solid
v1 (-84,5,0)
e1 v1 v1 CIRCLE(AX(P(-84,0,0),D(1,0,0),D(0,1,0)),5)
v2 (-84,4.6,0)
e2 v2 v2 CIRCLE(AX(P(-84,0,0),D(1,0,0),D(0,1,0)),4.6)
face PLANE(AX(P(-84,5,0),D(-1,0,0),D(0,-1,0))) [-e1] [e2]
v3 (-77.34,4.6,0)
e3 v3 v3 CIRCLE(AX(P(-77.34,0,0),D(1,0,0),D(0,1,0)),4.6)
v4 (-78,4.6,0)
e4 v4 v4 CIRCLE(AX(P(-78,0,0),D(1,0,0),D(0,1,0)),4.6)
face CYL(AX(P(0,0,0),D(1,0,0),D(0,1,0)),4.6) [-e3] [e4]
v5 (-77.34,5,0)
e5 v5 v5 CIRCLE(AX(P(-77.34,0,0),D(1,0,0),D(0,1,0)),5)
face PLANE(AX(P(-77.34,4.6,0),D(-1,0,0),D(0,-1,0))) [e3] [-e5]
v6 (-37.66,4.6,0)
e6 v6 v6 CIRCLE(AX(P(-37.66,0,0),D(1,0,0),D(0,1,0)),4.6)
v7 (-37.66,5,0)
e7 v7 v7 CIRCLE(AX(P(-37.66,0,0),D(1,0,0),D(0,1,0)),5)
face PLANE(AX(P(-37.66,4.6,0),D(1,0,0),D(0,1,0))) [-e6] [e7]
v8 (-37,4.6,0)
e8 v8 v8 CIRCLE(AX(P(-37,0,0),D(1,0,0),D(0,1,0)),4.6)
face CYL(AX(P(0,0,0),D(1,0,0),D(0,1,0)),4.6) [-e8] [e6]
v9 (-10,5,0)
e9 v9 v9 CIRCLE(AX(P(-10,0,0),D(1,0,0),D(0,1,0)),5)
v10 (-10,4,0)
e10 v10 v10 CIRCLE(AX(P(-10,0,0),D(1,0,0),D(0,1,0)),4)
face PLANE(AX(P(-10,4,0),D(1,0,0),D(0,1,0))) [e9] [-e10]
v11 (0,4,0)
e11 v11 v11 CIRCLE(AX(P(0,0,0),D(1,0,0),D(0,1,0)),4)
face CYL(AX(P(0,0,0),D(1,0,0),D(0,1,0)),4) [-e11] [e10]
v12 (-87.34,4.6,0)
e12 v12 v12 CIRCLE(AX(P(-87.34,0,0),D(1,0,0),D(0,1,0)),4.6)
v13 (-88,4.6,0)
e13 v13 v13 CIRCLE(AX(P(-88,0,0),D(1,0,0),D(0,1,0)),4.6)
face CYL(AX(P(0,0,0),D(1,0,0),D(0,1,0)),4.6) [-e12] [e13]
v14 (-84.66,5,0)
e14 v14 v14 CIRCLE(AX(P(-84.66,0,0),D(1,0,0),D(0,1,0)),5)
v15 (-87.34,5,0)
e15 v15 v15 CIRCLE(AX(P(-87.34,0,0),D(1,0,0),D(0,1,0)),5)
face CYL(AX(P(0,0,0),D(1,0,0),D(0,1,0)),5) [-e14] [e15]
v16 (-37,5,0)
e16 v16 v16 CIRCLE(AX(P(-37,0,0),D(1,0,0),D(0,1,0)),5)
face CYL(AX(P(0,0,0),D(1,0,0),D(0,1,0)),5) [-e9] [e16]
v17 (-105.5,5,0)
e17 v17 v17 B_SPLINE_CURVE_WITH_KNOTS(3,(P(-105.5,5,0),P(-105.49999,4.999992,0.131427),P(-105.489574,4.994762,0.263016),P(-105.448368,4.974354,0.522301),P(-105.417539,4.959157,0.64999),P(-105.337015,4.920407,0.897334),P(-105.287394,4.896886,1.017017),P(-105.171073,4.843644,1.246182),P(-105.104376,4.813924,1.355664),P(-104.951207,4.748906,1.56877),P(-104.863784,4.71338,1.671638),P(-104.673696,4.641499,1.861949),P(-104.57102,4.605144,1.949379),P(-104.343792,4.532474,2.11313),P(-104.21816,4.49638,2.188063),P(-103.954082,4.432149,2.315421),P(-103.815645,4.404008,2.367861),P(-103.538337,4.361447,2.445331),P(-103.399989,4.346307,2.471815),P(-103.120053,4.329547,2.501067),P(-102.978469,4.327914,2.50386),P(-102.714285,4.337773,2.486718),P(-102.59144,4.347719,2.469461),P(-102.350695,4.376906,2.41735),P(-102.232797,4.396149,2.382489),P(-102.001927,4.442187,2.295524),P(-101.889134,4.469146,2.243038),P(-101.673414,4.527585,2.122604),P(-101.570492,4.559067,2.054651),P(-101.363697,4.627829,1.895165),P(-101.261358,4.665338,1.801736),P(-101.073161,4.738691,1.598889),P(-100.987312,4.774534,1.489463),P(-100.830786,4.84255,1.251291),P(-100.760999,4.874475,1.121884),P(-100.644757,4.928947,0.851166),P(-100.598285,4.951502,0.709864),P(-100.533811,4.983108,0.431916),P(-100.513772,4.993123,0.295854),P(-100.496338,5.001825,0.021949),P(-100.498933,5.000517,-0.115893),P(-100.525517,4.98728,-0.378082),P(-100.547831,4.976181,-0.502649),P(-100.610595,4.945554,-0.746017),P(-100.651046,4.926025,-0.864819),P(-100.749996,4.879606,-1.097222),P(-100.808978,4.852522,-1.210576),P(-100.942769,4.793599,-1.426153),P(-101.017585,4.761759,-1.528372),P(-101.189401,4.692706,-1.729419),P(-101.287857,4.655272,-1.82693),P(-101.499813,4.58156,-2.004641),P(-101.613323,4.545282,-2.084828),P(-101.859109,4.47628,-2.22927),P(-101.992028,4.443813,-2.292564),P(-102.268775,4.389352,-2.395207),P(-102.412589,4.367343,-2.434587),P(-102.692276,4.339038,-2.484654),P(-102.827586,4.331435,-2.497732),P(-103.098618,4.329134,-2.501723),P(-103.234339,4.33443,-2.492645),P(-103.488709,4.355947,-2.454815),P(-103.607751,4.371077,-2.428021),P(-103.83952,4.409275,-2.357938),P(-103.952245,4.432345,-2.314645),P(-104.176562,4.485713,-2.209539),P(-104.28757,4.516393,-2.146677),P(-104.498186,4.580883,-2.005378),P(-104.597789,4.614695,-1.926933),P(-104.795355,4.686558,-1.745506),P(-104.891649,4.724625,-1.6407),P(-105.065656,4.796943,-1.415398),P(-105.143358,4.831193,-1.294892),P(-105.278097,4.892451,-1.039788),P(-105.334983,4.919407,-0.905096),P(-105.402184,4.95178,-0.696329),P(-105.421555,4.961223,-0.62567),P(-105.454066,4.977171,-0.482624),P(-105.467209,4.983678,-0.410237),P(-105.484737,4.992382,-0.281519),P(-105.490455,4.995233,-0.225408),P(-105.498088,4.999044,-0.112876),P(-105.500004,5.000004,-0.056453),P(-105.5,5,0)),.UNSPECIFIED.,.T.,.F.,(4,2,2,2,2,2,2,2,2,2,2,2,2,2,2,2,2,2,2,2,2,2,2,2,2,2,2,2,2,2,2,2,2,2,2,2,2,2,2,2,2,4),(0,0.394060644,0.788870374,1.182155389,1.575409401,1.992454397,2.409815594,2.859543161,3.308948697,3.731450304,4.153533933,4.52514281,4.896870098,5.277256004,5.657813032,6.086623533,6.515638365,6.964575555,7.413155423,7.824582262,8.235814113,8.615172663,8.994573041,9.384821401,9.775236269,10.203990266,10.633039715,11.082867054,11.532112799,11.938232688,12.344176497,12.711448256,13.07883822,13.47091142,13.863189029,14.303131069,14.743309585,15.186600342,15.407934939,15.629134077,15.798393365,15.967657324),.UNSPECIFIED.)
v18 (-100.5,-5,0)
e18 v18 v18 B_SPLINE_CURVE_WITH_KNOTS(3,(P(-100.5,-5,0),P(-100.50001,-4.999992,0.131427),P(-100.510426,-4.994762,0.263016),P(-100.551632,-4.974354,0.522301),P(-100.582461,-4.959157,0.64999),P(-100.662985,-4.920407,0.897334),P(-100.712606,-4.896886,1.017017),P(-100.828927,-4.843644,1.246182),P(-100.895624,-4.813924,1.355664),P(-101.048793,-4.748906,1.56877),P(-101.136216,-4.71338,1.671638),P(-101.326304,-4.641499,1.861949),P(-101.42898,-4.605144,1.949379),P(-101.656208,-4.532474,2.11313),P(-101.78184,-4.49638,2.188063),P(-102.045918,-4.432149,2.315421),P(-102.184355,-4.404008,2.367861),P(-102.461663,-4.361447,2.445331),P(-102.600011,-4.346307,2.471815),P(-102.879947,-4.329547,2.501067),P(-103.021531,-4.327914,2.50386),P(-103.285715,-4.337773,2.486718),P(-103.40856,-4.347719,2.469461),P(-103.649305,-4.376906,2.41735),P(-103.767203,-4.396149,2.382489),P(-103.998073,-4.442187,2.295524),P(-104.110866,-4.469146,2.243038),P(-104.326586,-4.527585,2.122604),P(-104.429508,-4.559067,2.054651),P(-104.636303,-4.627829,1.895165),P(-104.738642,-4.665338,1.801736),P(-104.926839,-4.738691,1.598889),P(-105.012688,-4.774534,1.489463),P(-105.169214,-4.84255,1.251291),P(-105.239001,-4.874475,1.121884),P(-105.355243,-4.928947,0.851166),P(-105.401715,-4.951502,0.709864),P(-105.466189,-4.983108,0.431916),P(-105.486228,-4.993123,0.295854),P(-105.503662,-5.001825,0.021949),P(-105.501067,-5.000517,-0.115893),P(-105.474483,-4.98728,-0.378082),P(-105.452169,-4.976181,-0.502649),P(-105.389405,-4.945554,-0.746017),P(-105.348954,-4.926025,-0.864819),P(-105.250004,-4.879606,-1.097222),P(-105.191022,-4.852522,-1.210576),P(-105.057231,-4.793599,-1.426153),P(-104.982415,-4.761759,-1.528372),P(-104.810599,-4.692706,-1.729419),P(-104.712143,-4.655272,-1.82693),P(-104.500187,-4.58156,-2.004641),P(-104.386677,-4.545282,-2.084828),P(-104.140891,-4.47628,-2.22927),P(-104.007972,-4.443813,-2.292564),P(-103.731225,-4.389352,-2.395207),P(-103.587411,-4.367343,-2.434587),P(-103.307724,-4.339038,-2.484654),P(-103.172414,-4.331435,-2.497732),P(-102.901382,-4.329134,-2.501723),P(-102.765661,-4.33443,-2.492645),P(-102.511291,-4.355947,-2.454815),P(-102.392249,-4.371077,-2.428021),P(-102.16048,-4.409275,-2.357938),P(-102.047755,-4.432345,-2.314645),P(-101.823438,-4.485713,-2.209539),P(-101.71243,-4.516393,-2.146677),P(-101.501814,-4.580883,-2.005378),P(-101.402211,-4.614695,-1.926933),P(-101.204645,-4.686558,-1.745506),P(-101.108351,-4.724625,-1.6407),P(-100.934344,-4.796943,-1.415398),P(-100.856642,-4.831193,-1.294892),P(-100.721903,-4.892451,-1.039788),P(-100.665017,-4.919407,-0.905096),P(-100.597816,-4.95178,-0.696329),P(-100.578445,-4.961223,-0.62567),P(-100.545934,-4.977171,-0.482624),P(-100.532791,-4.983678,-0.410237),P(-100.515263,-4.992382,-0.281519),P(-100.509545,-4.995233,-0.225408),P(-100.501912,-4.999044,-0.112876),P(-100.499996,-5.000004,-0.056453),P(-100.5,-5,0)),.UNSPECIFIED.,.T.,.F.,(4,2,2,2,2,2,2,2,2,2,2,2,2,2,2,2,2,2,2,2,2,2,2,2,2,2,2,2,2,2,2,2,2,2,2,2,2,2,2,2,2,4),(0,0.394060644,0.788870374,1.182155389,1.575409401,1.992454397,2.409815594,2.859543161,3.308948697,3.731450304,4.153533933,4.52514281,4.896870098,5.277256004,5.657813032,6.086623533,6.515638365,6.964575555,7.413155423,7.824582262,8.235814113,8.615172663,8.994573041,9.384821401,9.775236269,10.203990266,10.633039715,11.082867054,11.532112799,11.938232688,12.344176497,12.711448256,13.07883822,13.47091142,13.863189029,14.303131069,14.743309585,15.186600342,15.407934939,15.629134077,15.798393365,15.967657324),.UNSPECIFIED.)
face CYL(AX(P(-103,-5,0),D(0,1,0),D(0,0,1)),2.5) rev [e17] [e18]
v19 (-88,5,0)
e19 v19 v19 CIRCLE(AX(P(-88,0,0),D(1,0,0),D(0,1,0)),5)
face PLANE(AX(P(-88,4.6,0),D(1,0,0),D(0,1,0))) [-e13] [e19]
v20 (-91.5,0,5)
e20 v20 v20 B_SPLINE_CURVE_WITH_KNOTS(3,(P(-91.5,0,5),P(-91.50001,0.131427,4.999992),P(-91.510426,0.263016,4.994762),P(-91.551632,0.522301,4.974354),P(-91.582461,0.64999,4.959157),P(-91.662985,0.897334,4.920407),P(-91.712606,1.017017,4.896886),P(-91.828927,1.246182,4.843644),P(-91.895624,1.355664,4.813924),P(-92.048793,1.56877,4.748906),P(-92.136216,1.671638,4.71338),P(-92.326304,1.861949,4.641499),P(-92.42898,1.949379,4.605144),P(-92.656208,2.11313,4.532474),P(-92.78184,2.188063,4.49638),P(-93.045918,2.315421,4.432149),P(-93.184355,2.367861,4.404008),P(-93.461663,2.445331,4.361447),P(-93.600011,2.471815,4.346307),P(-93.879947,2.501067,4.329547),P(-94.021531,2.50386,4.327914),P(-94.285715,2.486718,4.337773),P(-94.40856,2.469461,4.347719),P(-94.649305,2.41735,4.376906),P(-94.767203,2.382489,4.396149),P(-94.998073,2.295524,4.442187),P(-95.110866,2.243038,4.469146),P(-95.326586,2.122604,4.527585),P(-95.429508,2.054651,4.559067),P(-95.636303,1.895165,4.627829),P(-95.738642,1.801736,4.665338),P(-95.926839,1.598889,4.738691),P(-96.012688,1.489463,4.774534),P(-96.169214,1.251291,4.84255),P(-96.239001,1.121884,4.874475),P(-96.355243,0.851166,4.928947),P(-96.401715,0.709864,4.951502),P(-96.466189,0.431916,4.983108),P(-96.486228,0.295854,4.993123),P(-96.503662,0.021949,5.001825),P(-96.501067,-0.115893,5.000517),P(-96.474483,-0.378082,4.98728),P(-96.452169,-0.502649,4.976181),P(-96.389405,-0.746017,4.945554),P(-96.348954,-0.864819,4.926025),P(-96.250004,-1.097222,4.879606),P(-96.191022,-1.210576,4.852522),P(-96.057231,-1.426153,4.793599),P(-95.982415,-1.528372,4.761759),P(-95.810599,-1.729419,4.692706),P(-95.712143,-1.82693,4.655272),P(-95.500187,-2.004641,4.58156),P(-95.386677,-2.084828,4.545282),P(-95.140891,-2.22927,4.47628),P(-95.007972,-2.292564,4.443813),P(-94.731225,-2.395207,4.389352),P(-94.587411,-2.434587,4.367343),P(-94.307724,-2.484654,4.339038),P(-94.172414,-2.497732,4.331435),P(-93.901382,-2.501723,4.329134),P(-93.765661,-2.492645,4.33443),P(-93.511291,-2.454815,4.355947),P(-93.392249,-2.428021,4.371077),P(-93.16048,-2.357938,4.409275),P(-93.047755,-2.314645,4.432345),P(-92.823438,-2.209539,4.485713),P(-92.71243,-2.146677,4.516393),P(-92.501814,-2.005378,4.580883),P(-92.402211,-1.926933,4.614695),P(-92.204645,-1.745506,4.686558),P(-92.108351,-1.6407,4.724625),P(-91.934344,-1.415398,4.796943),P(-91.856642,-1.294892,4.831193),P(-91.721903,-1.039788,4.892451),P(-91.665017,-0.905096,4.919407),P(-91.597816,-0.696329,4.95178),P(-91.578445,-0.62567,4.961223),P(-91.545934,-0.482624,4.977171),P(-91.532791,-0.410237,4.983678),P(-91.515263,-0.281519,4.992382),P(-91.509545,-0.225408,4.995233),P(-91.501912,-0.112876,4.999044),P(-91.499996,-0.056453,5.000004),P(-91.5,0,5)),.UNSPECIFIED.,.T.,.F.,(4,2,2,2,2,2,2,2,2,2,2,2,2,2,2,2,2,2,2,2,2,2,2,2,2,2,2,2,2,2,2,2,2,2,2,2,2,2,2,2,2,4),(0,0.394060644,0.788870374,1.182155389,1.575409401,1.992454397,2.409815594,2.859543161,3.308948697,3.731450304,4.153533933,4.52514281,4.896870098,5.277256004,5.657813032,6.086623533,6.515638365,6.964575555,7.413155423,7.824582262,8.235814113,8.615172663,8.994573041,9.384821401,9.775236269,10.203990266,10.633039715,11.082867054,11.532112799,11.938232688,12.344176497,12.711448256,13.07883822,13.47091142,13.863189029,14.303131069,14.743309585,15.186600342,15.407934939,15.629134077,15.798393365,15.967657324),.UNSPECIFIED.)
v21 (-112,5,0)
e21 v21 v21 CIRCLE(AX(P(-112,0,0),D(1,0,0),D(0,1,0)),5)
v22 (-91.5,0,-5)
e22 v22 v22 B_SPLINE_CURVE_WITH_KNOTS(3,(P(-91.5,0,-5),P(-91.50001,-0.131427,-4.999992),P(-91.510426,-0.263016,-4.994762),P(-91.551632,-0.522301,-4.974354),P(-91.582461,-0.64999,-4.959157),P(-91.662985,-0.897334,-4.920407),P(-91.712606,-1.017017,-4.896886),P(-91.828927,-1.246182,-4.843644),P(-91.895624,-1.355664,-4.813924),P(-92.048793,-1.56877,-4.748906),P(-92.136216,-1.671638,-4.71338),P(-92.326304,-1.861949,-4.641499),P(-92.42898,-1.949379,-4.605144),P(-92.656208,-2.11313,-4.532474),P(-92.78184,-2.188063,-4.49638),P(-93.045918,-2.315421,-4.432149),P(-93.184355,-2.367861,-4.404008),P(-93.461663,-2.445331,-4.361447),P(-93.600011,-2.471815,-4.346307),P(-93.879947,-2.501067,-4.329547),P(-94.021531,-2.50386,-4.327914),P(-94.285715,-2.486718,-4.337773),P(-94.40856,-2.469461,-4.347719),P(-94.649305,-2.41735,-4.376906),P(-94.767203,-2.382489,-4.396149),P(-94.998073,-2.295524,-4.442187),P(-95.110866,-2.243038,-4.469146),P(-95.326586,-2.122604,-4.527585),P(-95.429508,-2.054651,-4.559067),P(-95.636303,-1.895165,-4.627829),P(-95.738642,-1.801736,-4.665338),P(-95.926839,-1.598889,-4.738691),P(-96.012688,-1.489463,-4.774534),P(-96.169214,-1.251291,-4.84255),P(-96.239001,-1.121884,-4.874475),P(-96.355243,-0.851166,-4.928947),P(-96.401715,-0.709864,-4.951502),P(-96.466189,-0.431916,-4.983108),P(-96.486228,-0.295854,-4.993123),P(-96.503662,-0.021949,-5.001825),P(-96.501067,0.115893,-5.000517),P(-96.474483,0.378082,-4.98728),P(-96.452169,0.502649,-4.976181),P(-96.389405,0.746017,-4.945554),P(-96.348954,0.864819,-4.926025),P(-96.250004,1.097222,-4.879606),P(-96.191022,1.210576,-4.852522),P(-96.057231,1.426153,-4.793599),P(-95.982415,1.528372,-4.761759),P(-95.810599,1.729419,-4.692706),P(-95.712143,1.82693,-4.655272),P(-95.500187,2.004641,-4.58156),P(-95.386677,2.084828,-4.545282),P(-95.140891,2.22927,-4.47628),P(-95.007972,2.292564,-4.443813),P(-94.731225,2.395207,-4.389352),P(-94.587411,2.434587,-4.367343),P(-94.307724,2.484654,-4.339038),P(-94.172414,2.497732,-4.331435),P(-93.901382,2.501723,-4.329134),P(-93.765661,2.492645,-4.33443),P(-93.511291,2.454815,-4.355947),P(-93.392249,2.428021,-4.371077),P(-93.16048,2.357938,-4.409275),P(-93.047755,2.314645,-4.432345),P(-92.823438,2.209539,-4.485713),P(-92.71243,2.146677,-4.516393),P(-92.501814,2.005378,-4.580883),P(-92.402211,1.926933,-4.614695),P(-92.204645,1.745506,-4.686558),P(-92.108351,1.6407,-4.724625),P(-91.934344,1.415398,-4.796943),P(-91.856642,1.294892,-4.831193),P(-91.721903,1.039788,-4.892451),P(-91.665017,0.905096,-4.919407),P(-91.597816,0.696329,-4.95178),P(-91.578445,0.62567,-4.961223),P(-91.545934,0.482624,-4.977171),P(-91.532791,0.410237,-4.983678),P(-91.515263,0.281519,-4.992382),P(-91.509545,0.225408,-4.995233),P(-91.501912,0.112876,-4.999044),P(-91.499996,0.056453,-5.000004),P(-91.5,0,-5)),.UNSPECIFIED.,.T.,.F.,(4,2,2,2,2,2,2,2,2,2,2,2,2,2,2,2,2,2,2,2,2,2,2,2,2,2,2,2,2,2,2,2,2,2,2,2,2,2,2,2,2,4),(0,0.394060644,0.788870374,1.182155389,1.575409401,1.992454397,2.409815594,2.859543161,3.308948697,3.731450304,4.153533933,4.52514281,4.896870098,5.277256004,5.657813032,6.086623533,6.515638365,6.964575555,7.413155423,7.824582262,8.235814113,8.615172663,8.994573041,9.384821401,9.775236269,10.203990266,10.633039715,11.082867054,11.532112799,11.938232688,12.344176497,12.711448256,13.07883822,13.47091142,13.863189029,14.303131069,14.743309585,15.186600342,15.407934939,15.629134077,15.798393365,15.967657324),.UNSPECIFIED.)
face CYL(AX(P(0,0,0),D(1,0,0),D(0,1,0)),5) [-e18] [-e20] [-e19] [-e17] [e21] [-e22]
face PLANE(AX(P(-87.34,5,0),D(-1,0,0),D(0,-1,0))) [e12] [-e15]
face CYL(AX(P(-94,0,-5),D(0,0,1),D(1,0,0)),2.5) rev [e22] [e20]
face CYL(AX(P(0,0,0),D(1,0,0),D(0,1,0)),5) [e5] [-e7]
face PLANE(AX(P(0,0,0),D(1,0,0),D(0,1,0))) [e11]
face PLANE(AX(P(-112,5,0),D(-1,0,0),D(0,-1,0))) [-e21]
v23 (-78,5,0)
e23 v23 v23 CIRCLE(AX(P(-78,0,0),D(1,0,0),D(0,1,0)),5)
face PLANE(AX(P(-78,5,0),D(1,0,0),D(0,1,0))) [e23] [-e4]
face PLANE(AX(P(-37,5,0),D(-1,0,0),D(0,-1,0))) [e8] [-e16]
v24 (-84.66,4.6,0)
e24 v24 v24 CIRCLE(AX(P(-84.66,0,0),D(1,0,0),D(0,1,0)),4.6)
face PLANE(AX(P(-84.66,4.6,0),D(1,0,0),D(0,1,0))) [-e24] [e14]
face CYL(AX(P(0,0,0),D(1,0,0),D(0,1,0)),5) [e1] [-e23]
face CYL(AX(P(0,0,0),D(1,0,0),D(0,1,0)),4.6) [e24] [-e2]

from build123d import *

# Parameters (mm, degrees)
CUT_EXTRUDE1_DEPTH      = 113.222992297
CUT_EXTRUDE1_DEPTH_BACK = 113.222992297
SKETCH2_R               = 2.5
CUT_EXTRUDE2_DEPTH      = 113.222992405
CUT_EXTRUDE2_DEPTH_BACK = 113.222992405
SKETCH4_R               = 2.5


with BuildPart() as part:
    # Sketch1 → Revolve1 (revolve)
    with BuildSketch(Plane.XY):
        Polygon((0, 0), (0, 4), (-10, 4), (-10, 5), (-37, 5), (-37, 4.6), (-37.66, 4.6), (-37.66, 5), (-77.34, 5), (-77.34, 4.6), (-78, 4.6), (-78, 5), (-84, 5), (-84, 4.6), (-84.66, 4.6), (-84.66, 5), (-87.34, 5), (-87.34, 4.6), (-88, 4.6), (-88, 5), (-112, 5), (-112, 0), align=None)
    revolve(axis=Axis((0, 0, 0), (-1, 0, 0)))

    # Sketch2 → Cut-Extrude1 (cut, two sides: drawn at the far end of the back side and taken through both)
    with BuildSketch(Plane(origin=(0, 0, 0), x_dir=(1, 0, 0), z_dir=(0, 1, 0)).offset(-CUT_EXTRUDE1_DEPTH_BACK)):
        with Locations((-103, 0)):
            Circle(SKETCH2_R)
    extrude(amount=CUT_EXTRUDE1_DEPTH + CUT_EXTRUDE1_DEPTH_BACK, mode=Mode.SUBTRACT)

    # Sketch4 → Cut-Extrude2 (cut, two sides: drawn at the far end of the back side and taken through both)
    with BuildSketch(Plane.XY.offset(-CUT_EXTRUDE2_DEPTH_BACK)):
        with Locations((-94, 0)):
            Circle(SKETCH4_R)
    extrude(amount=CUT_EXTRUDE2_DEPTH + CUT_EXTRUDE2_DEPTH_BACK, mode=Mode.SUBTRACT)


solid = part.part
